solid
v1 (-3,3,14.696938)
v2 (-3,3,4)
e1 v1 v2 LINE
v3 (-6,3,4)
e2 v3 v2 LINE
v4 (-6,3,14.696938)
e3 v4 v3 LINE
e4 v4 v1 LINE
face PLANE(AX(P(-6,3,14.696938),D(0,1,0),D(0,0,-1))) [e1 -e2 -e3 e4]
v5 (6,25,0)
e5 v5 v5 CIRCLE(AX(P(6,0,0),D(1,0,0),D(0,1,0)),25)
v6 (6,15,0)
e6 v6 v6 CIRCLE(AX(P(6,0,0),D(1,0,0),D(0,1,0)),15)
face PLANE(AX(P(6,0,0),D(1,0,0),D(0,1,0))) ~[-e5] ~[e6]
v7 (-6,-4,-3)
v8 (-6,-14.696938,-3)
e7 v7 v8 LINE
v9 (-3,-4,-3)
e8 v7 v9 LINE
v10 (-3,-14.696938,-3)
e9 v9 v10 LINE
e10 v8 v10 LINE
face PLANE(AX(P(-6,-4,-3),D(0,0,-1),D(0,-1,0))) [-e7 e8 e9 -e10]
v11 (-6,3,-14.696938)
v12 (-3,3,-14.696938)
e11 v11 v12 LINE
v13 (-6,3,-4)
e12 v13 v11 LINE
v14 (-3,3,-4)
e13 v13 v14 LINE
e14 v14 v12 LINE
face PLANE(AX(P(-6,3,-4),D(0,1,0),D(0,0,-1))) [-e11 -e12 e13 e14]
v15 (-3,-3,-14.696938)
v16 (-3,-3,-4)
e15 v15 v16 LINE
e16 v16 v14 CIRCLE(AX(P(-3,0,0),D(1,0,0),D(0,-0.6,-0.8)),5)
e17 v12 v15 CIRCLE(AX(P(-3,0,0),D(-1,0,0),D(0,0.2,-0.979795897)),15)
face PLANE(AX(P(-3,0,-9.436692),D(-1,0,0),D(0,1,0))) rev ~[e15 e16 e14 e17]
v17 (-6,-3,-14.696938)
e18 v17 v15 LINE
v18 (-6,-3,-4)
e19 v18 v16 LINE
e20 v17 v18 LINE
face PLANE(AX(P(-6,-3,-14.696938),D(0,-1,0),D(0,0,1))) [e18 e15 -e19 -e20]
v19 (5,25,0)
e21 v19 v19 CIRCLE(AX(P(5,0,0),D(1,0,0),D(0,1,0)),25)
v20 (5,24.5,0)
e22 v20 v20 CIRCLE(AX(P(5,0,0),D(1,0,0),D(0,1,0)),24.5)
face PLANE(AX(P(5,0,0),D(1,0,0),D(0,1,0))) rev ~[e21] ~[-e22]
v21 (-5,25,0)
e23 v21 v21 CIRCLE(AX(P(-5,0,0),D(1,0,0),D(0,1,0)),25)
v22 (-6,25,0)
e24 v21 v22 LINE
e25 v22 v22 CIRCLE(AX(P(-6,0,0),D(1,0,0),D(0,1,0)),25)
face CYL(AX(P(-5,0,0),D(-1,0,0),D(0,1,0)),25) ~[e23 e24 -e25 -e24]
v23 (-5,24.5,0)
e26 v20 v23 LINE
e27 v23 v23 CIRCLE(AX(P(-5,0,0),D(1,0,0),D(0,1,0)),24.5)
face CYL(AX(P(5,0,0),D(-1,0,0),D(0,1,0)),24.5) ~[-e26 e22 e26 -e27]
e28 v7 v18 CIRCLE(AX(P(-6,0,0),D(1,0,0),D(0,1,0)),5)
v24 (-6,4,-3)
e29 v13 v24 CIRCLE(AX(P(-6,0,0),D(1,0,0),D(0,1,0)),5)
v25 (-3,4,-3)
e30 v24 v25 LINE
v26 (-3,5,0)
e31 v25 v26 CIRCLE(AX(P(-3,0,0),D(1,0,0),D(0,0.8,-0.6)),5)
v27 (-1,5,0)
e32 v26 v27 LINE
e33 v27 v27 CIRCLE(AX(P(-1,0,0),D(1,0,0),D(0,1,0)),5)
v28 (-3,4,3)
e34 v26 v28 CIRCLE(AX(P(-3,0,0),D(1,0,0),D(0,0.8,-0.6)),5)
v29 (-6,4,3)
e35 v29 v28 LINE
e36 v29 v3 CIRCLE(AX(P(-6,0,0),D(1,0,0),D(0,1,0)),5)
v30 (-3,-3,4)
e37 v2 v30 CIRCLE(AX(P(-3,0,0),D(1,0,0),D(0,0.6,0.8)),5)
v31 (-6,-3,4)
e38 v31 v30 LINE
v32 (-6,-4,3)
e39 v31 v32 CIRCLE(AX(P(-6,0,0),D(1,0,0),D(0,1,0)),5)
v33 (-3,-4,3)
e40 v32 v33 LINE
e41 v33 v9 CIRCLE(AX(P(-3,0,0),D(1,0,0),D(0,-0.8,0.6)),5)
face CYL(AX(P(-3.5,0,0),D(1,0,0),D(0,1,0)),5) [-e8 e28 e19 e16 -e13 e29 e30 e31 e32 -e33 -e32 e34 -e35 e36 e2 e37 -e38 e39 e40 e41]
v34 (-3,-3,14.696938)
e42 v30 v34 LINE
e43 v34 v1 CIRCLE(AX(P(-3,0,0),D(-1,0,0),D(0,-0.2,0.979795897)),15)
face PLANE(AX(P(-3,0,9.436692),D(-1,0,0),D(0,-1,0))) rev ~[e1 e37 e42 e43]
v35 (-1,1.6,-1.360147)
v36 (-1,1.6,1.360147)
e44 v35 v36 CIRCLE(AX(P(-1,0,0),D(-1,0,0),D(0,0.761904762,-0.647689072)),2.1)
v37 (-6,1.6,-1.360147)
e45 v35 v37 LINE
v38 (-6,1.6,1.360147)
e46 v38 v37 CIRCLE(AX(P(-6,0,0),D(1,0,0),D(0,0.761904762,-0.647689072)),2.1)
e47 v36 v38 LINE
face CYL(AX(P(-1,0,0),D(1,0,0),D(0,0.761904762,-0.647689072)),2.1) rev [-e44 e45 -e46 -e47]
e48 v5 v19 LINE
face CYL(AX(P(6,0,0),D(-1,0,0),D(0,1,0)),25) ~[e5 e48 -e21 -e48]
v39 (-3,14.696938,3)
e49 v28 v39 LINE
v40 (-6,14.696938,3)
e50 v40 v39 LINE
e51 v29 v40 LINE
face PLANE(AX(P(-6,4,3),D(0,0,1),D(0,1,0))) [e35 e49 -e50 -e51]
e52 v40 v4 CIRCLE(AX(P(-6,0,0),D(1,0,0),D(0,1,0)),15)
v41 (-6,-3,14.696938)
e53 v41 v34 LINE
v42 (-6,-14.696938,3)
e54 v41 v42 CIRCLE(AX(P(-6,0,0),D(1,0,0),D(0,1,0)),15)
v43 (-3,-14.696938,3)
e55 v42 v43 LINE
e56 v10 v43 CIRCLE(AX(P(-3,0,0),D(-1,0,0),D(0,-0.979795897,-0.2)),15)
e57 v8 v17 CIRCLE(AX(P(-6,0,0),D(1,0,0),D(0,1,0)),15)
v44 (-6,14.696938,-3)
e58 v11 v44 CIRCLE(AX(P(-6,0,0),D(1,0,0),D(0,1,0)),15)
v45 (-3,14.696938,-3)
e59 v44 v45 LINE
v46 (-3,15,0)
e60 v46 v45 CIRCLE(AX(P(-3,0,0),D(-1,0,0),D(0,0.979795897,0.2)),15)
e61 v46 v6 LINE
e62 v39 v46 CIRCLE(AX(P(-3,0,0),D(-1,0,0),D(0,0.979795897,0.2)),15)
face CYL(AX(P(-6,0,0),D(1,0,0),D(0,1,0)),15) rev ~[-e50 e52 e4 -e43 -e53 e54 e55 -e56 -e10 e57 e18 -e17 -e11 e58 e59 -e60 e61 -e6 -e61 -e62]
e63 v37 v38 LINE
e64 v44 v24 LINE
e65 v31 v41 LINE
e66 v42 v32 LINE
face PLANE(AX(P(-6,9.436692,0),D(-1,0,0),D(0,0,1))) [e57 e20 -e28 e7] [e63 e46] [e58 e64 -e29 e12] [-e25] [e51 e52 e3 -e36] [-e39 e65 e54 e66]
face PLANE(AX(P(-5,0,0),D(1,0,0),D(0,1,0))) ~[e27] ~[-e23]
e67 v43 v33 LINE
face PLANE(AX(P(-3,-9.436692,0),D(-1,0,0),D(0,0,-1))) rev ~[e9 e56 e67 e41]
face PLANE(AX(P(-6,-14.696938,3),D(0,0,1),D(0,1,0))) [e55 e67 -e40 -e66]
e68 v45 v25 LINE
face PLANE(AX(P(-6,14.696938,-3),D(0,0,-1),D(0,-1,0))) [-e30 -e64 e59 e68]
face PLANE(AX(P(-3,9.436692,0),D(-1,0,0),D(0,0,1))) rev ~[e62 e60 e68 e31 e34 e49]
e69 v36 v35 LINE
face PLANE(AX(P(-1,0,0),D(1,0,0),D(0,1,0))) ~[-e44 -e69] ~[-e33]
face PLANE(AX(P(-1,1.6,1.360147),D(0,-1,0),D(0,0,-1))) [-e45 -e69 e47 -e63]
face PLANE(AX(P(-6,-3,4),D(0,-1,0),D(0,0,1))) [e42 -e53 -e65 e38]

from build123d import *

# Parameters (mm, degrees)
SKETCH1_W               = 5
SKETCH1_H               = 5
BOSS_EXTRUDE1_DEPTH     = 3
CUT_EXTRUDE1_DEPTH      = 8
CUT_EXTRUDE1_DEPTH_BACK = 6
CIRPATTERN1_COUNT       = 4


with BuildPart() as part:
    # Sketch1 → Revolve1 (revolve)
    with BuildSketch(Plane.XY):
        Polygon((-6, 25), (-6, 15), (6, 15), (6, 25), (5, 25), (5, 24.5), (-5, 24.5), (-5, 25), align=None)
        with Locations((-3.5, 2.5)):
            Rectangle(SKETCH1_W, SKETCH1_H)
    revolve(axis=Axis((0, 0, 0), (1, 0, 0)))

    # Sketch2 → Boss-Extrude1 (add)
    with BuildSketch(Plane(origin=(-6, 0, 0), x_dir=(0, 0, -1), z_dir=(1, 0, 0))):
        with BuildLine():
            Line((-3, 4), (-3, 14.696938457))
            ThreePointArc((-3, 14.696938457), (0, 15), (3, 14.696938457))
            Line((3, 14.696938457), (3, 4))
            ThreePointArc((3, 4), (0, 5), (-3, 4))
        make_face()
    boss_extrude1 = extrude(amount=BOSS_EXTRUDE1_DEPTH)

    # Sketch3 → Cut-Extrude1 (cut, two sides)
    with BuildSketch(Plane(origin=(-1, 0, 0), x_dir=(0, 0, -1), z_dir=(1, 0, 0))) as cut_extrude1_sk:
        with BuildLine():
            Line((-1.360147051, 1.6), (1.360147051, 1.6))
            ThreePointArc((1.360147051, 1.6), (0, -2.1), (-1.360147051, 1.6))
        make_face()
    extrude(amount=CUT_EXTRUDE1_DEPTH, mode=Mode.SUBTRACT)
    extrude(cut_extrude1_sk.sketch, amount=-CUT_EXTRUDE1_DEPTH_BACK, mode=Mode.SUBTRACT)

    # CirPattern1: Boss-Extrude1 ×4 about axis
    cirpattern1_axis = Axis((0, 0, 0), (1, 0, 0))
    for i in range(1, CIRPATTERN1_COUNT):
        add(boss_extrude1.rotate(cirpattern1_axis, i * 360 / CIRPATTERN1_COUNT))


solid = part.part
